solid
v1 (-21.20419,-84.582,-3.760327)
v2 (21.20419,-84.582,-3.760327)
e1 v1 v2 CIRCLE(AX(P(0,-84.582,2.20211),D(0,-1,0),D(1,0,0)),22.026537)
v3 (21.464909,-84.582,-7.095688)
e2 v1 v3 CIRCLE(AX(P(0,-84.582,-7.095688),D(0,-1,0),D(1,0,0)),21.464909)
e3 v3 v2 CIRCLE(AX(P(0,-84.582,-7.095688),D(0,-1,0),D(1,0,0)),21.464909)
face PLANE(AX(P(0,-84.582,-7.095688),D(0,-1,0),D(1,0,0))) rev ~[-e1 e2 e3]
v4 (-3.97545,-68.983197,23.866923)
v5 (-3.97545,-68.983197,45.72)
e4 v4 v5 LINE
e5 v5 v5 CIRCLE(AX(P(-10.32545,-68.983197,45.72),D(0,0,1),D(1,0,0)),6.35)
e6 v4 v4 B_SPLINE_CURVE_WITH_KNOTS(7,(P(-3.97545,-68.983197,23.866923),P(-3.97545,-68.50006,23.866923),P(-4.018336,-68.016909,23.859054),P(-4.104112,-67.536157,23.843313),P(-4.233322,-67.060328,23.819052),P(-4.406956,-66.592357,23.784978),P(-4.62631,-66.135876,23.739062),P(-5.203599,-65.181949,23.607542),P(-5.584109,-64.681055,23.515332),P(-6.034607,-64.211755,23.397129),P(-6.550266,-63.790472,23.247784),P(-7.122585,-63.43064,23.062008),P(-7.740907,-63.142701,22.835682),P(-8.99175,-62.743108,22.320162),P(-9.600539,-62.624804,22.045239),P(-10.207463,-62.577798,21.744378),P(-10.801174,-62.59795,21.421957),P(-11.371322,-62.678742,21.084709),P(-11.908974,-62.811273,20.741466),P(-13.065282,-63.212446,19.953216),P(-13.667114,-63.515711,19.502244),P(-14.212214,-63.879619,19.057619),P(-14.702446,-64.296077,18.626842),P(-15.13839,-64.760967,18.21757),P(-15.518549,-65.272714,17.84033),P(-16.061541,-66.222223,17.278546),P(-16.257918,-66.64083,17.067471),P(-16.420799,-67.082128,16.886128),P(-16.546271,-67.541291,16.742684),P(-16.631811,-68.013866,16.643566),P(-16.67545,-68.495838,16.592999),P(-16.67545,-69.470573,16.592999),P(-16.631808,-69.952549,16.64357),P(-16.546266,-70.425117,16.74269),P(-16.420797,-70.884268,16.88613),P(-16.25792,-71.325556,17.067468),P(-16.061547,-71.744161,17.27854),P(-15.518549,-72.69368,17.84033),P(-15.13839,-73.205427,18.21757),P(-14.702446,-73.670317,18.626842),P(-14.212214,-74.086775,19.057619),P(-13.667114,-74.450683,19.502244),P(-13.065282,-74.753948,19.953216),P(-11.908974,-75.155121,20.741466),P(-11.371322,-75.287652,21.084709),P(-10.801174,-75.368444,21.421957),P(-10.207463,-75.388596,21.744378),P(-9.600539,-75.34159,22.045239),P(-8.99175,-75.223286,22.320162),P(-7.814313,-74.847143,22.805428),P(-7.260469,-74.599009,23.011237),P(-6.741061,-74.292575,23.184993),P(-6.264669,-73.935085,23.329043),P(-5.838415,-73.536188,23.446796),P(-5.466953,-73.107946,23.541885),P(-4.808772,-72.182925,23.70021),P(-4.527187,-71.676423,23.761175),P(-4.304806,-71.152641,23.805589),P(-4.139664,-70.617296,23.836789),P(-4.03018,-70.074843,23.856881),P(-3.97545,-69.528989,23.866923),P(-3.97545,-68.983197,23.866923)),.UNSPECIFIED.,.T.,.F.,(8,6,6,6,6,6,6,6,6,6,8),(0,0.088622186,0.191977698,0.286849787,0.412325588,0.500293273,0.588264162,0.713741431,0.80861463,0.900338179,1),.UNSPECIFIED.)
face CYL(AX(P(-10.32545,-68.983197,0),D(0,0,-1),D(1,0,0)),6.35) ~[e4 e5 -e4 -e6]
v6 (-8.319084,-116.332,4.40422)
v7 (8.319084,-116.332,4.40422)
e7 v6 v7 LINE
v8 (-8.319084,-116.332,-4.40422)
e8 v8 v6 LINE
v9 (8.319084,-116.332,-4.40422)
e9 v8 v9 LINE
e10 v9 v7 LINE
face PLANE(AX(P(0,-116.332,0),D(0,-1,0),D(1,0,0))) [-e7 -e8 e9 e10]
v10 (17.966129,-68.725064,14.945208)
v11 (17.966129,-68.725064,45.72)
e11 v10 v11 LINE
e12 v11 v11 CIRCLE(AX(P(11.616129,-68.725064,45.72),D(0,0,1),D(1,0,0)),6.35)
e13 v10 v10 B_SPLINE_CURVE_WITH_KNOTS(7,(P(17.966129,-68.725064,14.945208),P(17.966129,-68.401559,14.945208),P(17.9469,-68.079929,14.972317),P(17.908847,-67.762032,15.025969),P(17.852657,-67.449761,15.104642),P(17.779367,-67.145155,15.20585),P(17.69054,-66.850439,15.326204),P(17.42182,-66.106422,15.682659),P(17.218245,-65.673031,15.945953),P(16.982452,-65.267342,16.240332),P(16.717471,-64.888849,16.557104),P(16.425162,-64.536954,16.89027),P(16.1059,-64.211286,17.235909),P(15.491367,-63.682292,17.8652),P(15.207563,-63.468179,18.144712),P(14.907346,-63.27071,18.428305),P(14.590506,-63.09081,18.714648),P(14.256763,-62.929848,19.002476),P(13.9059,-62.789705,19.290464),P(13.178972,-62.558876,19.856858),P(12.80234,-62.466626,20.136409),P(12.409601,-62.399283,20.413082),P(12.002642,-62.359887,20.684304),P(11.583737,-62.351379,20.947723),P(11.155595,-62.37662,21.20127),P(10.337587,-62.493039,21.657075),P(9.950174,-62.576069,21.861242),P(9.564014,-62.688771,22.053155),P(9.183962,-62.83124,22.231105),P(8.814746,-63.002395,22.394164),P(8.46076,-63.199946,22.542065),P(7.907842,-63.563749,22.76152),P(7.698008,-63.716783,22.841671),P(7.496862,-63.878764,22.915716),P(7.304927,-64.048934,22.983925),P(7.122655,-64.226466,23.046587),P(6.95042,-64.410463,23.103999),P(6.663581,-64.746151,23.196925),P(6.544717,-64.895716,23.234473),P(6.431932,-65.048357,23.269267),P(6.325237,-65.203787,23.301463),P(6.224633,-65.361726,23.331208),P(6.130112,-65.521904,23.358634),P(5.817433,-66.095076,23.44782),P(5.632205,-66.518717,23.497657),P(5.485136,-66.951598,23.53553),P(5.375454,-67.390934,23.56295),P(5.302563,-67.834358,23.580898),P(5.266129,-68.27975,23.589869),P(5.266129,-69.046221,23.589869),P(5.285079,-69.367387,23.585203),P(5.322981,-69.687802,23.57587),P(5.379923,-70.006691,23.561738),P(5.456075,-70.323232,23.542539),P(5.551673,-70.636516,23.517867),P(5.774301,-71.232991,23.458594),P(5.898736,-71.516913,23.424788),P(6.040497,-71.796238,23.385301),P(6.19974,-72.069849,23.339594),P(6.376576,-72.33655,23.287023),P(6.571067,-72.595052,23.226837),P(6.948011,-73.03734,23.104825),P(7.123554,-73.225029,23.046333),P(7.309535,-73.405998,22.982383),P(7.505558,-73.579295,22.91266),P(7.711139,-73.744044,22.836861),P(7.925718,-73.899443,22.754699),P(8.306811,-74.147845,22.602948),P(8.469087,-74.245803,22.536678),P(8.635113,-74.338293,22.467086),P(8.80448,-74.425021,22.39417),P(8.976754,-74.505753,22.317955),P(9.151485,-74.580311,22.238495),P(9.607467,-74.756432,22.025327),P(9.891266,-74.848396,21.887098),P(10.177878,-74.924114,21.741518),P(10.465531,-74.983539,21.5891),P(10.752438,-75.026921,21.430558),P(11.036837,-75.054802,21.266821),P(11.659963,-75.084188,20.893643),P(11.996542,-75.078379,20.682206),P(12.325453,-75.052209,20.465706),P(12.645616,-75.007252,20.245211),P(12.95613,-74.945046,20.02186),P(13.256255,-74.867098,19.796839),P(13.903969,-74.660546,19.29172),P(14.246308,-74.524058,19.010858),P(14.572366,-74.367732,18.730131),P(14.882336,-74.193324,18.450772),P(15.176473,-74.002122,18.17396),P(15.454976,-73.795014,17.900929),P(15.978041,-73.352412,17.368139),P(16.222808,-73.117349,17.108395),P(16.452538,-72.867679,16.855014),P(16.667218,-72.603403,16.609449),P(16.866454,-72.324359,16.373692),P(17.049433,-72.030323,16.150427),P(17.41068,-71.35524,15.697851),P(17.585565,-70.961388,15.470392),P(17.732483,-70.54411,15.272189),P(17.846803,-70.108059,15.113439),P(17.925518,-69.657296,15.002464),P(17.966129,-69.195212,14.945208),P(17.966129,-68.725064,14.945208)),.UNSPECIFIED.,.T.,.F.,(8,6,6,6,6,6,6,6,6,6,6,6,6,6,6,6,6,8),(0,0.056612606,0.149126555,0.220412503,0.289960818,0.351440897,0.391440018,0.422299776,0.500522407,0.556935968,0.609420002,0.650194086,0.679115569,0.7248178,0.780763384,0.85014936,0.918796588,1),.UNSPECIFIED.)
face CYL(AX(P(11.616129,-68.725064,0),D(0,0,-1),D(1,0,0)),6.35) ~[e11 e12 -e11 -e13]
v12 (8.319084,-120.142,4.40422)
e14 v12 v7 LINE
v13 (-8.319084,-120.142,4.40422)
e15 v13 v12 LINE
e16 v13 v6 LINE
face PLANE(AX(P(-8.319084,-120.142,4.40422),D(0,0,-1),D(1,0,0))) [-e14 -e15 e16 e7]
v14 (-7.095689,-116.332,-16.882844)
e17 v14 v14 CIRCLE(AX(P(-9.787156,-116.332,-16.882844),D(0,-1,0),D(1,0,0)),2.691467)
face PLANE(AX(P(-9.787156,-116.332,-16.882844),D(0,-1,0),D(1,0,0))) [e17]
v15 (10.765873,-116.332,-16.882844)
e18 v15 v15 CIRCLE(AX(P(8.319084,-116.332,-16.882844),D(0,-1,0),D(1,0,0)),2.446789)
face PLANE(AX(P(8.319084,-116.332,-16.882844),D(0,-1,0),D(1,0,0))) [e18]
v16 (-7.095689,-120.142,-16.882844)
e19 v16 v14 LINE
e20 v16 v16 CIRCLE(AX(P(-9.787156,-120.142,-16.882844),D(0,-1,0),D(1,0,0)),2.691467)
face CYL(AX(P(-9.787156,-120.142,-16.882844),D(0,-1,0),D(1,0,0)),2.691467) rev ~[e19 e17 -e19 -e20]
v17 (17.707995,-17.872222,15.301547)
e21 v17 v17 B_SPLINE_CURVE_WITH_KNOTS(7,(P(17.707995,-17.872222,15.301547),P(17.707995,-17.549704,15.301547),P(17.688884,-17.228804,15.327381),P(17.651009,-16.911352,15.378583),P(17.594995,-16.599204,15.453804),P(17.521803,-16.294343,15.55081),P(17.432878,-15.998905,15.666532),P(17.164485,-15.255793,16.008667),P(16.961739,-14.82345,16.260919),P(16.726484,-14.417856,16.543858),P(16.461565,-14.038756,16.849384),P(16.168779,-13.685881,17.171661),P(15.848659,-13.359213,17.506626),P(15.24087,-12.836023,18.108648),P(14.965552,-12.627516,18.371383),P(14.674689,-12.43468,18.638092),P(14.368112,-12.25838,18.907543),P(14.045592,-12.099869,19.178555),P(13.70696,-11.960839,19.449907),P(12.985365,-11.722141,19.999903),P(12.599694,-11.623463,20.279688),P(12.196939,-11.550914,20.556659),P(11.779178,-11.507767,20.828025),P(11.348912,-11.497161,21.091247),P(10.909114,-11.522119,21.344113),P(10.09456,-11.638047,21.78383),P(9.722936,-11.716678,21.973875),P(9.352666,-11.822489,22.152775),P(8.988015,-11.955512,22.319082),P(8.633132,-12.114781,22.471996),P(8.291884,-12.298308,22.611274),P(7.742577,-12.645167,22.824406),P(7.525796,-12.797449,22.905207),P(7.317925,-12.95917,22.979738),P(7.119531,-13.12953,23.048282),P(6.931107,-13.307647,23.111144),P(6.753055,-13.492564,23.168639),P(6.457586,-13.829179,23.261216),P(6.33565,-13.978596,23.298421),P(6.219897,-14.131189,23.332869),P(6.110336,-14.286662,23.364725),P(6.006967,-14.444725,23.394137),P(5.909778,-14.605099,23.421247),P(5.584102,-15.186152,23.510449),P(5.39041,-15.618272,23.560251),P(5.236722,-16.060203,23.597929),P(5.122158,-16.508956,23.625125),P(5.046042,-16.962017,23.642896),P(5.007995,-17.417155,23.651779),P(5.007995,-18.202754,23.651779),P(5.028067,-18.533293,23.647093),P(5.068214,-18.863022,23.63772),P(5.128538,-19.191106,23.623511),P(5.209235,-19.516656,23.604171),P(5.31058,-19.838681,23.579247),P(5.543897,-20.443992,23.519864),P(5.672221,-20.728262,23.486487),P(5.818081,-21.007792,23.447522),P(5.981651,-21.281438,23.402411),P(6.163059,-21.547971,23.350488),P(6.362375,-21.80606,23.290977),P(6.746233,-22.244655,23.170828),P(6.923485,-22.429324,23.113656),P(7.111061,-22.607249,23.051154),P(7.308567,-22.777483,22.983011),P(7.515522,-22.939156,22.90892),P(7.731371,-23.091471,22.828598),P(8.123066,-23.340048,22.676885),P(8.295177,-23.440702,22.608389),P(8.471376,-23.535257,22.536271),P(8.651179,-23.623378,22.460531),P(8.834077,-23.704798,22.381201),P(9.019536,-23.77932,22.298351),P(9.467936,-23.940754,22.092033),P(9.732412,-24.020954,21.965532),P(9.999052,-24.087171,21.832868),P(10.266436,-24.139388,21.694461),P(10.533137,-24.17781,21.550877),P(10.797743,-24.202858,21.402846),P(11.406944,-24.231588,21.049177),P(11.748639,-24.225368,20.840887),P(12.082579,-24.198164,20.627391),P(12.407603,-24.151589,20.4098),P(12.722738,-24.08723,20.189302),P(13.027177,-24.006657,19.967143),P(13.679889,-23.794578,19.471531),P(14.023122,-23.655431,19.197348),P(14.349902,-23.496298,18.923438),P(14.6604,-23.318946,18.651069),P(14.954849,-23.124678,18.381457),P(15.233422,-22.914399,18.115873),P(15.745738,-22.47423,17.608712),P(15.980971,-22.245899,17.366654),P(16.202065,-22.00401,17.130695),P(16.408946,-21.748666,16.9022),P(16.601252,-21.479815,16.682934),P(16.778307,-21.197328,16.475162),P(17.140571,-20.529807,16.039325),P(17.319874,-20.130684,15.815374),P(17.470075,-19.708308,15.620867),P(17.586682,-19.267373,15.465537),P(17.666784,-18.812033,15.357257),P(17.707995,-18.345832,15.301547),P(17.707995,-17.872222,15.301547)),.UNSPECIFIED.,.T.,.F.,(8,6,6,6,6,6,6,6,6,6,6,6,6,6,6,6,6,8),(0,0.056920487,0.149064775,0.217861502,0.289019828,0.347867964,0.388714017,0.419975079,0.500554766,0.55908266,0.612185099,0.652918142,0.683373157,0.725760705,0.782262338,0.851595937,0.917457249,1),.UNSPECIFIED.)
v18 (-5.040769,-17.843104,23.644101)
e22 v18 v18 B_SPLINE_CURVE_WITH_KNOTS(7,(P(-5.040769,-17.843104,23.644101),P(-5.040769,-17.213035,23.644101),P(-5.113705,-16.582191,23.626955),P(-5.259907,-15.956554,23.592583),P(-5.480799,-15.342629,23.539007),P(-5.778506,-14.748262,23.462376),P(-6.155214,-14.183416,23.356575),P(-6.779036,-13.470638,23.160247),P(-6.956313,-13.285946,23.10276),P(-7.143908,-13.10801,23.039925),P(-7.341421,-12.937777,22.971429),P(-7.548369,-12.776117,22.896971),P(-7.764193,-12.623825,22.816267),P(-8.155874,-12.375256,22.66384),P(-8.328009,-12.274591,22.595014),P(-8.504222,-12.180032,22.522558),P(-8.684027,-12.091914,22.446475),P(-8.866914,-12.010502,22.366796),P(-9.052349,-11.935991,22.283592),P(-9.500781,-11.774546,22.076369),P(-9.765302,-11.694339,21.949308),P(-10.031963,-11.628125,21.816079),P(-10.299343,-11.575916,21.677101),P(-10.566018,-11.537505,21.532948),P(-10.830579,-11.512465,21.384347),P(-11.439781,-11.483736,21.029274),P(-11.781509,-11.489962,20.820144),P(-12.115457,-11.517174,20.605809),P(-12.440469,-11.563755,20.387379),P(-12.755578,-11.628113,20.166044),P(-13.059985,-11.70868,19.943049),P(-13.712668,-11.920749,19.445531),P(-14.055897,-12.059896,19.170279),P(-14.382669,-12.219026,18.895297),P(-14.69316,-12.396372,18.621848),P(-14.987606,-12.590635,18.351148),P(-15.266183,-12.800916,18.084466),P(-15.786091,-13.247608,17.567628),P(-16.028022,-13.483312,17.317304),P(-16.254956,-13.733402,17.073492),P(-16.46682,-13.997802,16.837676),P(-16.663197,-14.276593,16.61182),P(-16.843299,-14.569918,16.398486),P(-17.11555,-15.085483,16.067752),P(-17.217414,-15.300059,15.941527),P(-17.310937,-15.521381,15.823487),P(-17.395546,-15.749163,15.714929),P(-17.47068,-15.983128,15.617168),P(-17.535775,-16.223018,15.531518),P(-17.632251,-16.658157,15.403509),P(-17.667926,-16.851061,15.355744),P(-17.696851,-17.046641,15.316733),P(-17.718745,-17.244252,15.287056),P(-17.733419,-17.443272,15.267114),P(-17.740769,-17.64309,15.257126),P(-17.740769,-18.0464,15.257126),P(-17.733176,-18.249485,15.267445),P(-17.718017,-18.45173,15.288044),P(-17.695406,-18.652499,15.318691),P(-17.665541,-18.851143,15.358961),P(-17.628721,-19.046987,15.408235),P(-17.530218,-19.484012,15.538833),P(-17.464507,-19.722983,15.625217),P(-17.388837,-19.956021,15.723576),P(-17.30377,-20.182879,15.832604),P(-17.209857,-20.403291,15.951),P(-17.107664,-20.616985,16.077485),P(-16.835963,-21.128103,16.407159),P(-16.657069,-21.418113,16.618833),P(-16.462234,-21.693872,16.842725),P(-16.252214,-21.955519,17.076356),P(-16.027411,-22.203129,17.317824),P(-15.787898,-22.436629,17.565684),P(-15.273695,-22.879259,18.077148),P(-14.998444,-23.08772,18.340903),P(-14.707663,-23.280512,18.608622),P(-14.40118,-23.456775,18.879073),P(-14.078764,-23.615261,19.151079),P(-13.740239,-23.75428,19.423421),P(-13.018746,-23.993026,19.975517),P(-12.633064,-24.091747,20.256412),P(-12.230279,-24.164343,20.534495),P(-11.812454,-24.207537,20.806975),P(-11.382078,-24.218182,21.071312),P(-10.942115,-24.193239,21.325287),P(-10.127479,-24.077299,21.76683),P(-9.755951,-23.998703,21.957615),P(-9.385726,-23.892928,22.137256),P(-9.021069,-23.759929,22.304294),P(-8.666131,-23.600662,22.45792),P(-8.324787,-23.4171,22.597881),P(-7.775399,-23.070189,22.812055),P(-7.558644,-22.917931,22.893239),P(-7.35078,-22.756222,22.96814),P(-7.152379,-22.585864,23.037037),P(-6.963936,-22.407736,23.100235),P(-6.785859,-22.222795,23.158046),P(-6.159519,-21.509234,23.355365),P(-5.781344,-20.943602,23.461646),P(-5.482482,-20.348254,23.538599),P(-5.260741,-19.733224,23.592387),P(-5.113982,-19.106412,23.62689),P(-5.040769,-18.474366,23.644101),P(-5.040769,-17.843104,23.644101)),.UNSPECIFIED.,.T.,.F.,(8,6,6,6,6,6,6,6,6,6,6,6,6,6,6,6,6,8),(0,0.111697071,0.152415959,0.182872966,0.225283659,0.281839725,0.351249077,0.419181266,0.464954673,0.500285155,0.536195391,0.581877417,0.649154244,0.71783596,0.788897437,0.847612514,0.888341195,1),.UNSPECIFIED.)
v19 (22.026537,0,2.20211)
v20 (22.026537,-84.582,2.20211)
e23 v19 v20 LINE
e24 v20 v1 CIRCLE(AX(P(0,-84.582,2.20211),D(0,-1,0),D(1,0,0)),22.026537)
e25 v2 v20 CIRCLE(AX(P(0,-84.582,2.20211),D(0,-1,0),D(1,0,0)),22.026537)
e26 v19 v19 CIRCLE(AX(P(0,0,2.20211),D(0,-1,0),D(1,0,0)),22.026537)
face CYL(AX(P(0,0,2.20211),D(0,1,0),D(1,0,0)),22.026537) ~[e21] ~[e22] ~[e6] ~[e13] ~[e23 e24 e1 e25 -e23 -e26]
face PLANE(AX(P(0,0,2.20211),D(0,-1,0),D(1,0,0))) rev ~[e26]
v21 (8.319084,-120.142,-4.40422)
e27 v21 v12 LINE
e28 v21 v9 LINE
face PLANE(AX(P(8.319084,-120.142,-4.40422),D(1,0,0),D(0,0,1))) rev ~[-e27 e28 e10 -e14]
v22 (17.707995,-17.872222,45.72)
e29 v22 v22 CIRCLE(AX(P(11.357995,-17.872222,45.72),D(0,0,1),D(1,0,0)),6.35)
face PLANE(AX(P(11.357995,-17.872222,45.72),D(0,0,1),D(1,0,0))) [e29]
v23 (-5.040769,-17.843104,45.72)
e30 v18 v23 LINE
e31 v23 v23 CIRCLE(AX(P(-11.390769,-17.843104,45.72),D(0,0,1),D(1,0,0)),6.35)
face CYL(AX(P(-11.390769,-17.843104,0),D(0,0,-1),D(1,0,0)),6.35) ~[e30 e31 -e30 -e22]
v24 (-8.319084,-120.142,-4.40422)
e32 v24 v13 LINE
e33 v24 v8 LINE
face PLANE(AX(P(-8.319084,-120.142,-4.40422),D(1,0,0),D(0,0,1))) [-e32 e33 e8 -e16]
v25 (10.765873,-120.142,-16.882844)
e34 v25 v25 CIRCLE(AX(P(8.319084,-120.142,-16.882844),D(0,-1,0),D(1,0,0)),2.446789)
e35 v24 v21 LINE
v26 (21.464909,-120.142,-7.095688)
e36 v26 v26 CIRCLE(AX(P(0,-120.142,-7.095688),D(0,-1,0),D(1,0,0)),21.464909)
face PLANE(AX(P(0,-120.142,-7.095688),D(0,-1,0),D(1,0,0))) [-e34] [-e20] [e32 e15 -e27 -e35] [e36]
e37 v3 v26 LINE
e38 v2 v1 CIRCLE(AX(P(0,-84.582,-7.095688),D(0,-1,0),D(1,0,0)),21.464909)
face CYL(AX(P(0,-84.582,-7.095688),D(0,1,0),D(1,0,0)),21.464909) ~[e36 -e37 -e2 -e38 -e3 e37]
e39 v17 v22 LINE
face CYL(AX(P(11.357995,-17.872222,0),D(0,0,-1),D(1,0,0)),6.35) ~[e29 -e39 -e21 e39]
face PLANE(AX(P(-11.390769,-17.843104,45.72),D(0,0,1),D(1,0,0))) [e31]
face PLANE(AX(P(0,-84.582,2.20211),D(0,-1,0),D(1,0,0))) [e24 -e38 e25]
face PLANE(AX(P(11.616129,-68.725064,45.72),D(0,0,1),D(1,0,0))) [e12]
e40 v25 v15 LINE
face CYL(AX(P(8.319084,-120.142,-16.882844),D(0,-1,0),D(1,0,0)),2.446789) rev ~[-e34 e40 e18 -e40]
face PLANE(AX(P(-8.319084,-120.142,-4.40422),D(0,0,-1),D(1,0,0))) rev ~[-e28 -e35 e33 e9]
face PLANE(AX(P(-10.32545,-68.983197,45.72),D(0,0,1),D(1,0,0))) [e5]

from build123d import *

# Parameters (mm, degrees)
F0_R     = 22.026537
F1_DEPTH = 84.582
F2_R     = 6.35
F3_DEPTH = 45.72
F4_R     = 21.464909
F5_DEPTH = 35.56
F6_R     = 2.691467
F6_R_2   = 2.446789
F6_W     = 16.638168
F6_H     = 8.80844
F7_DEPTH = 3.81


with BuildPart() as f1:
    # F0 (on Front) → F1 (new body)
    with BuildSketch(Plane.XZ):
        with Locations((0, 2.20211)):
            Circle(F0_R)
    extrude(amount=F1_DEPTH)

    # F2 (on Top) → F3 (join)
    with BuildSketch(Plane.XY):
        with Locations((-11.390769, -17.843104)):
            Circle(F2_R)
        with Locations((11.357995, -17.872222)):
            Circle(F2_R)
        with Locations((-10.32545, -68.983197)):
            Circle(F2_R)
        with Locations((11.616129, -68.725064)):
            Circle(F2_R)
    extrude(amount=F3_DEPTH)

    # F4 (on face) → F5 (join)
    with BuildSketch(Plane.XZ.offset(84.582)):
        with Locations((0, -7.095688)):
            Circle(F4_R)
    extrude(amount=F5_DEPTH)

    # F6 (on face) → F7 (cut)
    with BuildSketch(Plane.XZ.offset(120.142)):
        with Locations((-9.787156, -16.882844)):
            Circle(F6_R)
        with Locations((8.319084, -16.882844)):
            Circle(F6_R_2)
        Rectangle(F6_W, F6_H)
    extrude(amount=-F7_DEPTH, mode=Mode.SUBTRACT)


solid = f1.part
